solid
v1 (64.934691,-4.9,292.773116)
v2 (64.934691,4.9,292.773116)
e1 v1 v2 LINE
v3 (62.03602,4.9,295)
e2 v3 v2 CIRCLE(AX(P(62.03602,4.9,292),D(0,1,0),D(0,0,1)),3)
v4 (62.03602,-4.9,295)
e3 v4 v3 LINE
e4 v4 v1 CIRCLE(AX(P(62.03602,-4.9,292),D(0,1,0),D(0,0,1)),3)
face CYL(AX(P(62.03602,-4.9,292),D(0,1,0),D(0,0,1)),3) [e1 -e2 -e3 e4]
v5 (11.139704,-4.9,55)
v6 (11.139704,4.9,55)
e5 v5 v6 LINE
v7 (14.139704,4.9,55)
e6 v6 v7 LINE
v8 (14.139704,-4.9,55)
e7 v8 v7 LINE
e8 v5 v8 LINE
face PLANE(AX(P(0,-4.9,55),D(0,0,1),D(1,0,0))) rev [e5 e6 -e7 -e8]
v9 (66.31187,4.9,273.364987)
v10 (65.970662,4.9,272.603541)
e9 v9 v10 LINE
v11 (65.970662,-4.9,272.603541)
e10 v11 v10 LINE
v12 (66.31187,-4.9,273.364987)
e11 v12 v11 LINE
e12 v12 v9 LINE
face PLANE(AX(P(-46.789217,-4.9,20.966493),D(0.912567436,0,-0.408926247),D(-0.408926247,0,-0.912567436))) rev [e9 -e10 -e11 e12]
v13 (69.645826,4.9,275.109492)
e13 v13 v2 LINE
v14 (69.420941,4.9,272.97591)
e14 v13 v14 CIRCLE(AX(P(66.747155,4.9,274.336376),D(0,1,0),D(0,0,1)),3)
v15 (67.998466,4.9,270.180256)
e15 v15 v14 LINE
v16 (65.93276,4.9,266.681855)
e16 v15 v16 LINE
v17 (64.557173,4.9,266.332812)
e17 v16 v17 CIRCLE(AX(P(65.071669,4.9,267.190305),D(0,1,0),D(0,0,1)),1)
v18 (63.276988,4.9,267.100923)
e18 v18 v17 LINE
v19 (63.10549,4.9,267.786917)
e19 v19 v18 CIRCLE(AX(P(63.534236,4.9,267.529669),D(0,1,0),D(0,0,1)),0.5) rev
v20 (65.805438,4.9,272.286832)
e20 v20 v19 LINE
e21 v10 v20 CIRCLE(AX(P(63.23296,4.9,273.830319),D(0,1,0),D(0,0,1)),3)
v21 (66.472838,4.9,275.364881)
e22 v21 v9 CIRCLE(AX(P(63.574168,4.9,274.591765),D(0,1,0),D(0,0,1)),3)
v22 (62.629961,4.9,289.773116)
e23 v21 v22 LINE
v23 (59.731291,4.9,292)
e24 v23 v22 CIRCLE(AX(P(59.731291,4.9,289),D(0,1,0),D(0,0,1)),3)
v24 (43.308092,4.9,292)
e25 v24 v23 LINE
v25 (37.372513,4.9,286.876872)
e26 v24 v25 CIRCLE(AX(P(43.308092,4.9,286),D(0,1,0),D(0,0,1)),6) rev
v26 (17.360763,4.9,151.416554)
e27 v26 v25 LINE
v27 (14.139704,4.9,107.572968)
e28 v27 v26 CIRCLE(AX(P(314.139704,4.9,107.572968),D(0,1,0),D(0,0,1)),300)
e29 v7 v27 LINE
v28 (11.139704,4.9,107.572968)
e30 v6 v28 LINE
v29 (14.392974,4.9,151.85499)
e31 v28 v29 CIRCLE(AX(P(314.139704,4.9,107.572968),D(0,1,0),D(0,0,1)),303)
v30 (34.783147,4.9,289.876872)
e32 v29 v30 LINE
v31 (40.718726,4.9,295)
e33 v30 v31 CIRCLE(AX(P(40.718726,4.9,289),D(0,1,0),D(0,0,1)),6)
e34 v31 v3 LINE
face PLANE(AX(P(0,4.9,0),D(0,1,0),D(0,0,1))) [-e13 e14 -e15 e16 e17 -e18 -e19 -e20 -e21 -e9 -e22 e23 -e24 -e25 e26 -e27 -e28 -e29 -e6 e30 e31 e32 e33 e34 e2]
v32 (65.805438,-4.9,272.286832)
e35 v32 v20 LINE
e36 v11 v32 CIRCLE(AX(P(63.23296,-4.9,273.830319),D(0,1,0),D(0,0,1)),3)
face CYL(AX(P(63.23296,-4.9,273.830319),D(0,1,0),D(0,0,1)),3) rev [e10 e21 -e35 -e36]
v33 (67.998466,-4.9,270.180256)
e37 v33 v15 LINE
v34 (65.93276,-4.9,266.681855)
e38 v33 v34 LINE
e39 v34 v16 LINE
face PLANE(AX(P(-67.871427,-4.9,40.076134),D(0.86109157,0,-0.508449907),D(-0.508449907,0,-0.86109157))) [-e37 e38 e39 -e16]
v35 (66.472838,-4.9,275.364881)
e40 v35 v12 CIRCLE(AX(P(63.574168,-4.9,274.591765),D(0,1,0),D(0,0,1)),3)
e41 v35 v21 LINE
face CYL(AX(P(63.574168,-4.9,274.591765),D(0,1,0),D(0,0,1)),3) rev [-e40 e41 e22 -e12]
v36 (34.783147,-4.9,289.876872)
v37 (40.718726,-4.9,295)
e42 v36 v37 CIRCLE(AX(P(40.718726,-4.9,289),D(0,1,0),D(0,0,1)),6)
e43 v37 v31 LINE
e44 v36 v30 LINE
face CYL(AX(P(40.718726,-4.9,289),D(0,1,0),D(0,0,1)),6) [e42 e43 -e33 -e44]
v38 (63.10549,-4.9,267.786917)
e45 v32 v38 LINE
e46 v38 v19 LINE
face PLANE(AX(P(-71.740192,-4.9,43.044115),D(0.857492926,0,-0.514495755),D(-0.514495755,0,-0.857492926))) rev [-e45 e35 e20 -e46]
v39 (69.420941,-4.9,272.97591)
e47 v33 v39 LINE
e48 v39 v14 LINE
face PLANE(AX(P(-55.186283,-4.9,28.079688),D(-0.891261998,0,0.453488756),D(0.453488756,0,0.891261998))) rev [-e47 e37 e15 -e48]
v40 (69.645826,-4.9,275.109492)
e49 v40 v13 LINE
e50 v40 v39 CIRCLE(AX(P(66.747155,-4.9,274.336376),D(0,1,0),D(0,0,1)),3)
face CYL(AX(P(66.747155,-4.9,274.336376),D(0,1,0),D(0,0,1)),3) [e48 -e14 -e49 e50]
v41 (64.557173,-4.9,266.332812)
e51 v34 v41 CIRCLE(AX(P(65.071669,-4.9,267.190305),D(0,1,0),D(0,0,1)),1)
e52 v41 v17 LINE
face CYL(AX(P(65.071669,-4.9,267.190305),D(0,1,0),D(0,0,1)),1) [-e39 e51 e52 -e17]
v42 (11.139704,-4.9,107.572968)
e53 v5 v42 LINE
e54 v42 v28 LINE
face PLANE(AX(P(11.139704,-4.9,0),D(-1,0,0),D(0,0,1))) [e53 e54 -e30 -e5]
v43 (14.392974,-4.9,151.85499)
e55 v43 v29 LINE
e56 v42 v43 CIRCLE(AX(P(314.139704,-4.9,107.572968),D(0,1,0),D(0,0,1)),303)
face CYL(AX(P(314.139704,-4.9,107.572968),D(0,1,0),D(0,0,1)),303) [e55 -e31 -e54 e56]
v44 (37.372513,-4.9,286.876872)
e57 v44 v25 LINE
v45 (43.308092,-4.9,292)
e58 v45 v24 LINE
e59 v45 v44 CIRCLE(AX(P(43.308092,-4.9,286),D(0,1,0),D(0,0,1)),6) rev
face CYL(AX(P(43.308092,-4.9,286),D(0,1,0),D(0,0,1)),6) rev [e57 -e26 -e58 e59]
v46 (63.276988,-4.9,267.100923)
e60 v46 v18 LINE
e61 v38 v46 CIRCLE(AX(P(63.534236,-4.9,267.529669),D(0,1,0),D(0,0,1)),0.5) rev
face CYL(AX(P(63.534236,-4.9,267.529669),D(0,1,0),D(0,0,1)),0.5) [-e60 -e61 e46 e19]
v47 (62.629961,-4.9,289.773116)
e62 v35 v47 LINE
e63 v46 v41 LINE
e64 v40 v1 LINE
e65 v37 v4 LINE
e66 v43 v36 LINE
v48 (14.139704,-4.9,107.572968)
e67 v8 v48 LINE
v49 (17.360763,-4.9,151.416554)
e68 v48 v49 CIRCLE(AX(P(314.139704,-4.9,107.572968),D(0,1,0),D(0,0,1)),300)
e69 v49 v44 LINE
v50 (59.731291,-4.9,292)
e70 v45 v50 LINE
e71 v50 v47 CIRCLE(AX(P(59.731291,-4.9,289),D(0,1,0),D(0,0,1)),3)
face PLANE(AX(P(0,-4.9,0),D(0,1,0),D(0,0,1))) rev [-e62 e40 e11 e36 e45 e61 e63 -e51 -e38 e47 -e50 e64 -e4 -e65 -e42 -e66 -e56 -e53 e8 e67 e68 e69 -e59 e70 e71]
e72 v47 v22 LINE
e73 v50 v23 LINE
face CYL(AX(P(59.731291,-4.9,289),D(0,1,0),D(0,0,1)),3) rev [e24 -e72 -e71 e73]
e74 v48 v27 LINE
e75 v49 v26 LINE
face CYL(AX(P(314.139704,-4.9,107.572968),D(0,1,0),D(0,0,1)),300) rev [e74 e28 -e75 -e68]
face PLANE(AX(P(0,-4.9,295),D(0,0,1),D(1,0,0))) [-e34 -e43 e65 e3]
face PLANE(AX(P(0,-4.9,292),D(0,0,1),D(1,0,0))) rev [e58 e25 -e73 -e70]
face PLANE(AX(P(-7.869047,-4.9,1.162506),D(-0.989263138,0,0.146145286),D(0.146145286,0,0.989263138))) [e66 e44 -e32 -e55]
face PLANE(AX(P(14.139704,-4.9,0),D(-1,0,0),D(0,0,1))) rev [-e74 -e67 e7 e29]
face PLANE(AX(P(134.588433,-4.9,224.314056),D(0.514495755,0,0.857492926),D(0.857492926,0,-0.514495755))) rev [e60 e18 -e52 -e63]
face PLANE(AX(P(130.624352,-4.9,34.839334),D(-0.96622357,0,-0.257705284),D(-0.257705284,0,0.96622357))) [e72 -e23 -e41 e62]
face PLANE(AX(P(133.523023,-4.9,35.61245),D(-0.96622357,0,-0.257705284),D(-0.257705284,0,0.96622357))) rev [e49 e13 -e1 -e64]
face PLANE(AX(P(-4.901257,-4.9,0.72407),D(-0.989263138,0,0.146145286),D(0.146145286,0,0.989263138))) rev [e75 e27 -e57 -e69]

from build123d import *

# Parameters (mm, degrees)
BOSS_EXTRUDE1_DEPTH      = 4.9
BOSS_EXTRUDE1_DEPTH_BACK = 4.9


with BuildPart() as part:
    # Sketch1 → Boss-Extrude1 (new, two sides: drawn at the far end of the back side and taken through both)
    with BuildSketch(Plane(origin=(0, 0, 0), x_dir=(1, 0, 0), z_dir=(0, 1, 0)).offset(-BOSS_EXTRUDE1_DEPTH_BACK)):
        with BuildLine():
            Line((14.139704236, -107.57296828), (14.139704236, -55))
            Line((14.139704236, -55), (11.139704236, -55))
            Line((11.139704236, -55), (11.139704236, -107.57296828))
            ThreePointArc((11.139704236, -107.57296828), (11.954116062, -129.773650702), (14.392973543, -151.854989901))
            Line((14.392973543, -151.854989901), (34.78314741, -289.876871715))
            ThreePointArc((34.78314741, -289.876871715), (36.798345533, -293.542093696), (40.718726235, -295))
            Line((40.718726235, -295), (62.036020432, -295))
            ThreePointArc((62.036020432, -295), (63.863676368, -294.379006889), (64.934691141, -292.773115853))
            Line((64.934691141, -292.773115853), (69.645825561, -275.109492351))
            ThreePointArc((69.645825561, -275.109492351), (69.730627927, -274.02191122), (69.420940845, -272.975910231))
            Line((69.420940845, -272.975910231), (67.998466185, -270.180256335))
            Line((67.998466185, -270.180256335), (67.934740393, -270.07233274))
            Line((67.934740393, -270.07233274), (65.932760352, -266.681854911))
            ThreePointArc((65.932760352, -266.681854911), (65.317615772, -266.221021537), (64.557173026, -266.332811892))
            Line((64.557173026, -266.332811892), (63.276988126, -267.100922833))
            ThreePointArc((63.276988126, -267.100922833), (63.049164753, -267.408401483), (63.10548954, -267.786917173))
            Line((63.10548954, -267.786917173), (65.42072044, -271.645635339))
            Line((65.42072044, -271.645635339), (65.805438483, -272.286832078))
            ThreePointArc((65.805438483, -272.286832078), (65.89276832, -272.442724972), (65.970662013, -272.603540604))
            Line((65.970662013, -272.603540604), (66.311869933, -273.364986559))
            ThreePointArc((66.311869933, -273.364986559), (66.564497004, -274.351078344), (66.472838335, -275.364881152))
            Line((66.472838335, -275.364881152), (62.629961452, -289.773115853))
            ThreePointArc((62.629961452, -289.773115853), (61.558946679, -291.379006889), (59.731290743, -292))
            Line((59.731290743, -292), (43.308092042, -292))
            ThreePointArc((43.308092042, -292), (39.387711339, -290.542093696), (37.372513216, -286.876871715))
            Line((37.372513216, -286.876871715), (17.360762956, -151.416554044))
            ThreePointArc((17.360762956, -151.416554044), (14.946052579, -129.553841965), (14.139704236, -107.57296828))
        make_face()
    extrude(amount=BOSS_EXTRUDE1_DEPTH + BOSS_EXTRUDE1_DEPTH_BACK)


solid = part.part
